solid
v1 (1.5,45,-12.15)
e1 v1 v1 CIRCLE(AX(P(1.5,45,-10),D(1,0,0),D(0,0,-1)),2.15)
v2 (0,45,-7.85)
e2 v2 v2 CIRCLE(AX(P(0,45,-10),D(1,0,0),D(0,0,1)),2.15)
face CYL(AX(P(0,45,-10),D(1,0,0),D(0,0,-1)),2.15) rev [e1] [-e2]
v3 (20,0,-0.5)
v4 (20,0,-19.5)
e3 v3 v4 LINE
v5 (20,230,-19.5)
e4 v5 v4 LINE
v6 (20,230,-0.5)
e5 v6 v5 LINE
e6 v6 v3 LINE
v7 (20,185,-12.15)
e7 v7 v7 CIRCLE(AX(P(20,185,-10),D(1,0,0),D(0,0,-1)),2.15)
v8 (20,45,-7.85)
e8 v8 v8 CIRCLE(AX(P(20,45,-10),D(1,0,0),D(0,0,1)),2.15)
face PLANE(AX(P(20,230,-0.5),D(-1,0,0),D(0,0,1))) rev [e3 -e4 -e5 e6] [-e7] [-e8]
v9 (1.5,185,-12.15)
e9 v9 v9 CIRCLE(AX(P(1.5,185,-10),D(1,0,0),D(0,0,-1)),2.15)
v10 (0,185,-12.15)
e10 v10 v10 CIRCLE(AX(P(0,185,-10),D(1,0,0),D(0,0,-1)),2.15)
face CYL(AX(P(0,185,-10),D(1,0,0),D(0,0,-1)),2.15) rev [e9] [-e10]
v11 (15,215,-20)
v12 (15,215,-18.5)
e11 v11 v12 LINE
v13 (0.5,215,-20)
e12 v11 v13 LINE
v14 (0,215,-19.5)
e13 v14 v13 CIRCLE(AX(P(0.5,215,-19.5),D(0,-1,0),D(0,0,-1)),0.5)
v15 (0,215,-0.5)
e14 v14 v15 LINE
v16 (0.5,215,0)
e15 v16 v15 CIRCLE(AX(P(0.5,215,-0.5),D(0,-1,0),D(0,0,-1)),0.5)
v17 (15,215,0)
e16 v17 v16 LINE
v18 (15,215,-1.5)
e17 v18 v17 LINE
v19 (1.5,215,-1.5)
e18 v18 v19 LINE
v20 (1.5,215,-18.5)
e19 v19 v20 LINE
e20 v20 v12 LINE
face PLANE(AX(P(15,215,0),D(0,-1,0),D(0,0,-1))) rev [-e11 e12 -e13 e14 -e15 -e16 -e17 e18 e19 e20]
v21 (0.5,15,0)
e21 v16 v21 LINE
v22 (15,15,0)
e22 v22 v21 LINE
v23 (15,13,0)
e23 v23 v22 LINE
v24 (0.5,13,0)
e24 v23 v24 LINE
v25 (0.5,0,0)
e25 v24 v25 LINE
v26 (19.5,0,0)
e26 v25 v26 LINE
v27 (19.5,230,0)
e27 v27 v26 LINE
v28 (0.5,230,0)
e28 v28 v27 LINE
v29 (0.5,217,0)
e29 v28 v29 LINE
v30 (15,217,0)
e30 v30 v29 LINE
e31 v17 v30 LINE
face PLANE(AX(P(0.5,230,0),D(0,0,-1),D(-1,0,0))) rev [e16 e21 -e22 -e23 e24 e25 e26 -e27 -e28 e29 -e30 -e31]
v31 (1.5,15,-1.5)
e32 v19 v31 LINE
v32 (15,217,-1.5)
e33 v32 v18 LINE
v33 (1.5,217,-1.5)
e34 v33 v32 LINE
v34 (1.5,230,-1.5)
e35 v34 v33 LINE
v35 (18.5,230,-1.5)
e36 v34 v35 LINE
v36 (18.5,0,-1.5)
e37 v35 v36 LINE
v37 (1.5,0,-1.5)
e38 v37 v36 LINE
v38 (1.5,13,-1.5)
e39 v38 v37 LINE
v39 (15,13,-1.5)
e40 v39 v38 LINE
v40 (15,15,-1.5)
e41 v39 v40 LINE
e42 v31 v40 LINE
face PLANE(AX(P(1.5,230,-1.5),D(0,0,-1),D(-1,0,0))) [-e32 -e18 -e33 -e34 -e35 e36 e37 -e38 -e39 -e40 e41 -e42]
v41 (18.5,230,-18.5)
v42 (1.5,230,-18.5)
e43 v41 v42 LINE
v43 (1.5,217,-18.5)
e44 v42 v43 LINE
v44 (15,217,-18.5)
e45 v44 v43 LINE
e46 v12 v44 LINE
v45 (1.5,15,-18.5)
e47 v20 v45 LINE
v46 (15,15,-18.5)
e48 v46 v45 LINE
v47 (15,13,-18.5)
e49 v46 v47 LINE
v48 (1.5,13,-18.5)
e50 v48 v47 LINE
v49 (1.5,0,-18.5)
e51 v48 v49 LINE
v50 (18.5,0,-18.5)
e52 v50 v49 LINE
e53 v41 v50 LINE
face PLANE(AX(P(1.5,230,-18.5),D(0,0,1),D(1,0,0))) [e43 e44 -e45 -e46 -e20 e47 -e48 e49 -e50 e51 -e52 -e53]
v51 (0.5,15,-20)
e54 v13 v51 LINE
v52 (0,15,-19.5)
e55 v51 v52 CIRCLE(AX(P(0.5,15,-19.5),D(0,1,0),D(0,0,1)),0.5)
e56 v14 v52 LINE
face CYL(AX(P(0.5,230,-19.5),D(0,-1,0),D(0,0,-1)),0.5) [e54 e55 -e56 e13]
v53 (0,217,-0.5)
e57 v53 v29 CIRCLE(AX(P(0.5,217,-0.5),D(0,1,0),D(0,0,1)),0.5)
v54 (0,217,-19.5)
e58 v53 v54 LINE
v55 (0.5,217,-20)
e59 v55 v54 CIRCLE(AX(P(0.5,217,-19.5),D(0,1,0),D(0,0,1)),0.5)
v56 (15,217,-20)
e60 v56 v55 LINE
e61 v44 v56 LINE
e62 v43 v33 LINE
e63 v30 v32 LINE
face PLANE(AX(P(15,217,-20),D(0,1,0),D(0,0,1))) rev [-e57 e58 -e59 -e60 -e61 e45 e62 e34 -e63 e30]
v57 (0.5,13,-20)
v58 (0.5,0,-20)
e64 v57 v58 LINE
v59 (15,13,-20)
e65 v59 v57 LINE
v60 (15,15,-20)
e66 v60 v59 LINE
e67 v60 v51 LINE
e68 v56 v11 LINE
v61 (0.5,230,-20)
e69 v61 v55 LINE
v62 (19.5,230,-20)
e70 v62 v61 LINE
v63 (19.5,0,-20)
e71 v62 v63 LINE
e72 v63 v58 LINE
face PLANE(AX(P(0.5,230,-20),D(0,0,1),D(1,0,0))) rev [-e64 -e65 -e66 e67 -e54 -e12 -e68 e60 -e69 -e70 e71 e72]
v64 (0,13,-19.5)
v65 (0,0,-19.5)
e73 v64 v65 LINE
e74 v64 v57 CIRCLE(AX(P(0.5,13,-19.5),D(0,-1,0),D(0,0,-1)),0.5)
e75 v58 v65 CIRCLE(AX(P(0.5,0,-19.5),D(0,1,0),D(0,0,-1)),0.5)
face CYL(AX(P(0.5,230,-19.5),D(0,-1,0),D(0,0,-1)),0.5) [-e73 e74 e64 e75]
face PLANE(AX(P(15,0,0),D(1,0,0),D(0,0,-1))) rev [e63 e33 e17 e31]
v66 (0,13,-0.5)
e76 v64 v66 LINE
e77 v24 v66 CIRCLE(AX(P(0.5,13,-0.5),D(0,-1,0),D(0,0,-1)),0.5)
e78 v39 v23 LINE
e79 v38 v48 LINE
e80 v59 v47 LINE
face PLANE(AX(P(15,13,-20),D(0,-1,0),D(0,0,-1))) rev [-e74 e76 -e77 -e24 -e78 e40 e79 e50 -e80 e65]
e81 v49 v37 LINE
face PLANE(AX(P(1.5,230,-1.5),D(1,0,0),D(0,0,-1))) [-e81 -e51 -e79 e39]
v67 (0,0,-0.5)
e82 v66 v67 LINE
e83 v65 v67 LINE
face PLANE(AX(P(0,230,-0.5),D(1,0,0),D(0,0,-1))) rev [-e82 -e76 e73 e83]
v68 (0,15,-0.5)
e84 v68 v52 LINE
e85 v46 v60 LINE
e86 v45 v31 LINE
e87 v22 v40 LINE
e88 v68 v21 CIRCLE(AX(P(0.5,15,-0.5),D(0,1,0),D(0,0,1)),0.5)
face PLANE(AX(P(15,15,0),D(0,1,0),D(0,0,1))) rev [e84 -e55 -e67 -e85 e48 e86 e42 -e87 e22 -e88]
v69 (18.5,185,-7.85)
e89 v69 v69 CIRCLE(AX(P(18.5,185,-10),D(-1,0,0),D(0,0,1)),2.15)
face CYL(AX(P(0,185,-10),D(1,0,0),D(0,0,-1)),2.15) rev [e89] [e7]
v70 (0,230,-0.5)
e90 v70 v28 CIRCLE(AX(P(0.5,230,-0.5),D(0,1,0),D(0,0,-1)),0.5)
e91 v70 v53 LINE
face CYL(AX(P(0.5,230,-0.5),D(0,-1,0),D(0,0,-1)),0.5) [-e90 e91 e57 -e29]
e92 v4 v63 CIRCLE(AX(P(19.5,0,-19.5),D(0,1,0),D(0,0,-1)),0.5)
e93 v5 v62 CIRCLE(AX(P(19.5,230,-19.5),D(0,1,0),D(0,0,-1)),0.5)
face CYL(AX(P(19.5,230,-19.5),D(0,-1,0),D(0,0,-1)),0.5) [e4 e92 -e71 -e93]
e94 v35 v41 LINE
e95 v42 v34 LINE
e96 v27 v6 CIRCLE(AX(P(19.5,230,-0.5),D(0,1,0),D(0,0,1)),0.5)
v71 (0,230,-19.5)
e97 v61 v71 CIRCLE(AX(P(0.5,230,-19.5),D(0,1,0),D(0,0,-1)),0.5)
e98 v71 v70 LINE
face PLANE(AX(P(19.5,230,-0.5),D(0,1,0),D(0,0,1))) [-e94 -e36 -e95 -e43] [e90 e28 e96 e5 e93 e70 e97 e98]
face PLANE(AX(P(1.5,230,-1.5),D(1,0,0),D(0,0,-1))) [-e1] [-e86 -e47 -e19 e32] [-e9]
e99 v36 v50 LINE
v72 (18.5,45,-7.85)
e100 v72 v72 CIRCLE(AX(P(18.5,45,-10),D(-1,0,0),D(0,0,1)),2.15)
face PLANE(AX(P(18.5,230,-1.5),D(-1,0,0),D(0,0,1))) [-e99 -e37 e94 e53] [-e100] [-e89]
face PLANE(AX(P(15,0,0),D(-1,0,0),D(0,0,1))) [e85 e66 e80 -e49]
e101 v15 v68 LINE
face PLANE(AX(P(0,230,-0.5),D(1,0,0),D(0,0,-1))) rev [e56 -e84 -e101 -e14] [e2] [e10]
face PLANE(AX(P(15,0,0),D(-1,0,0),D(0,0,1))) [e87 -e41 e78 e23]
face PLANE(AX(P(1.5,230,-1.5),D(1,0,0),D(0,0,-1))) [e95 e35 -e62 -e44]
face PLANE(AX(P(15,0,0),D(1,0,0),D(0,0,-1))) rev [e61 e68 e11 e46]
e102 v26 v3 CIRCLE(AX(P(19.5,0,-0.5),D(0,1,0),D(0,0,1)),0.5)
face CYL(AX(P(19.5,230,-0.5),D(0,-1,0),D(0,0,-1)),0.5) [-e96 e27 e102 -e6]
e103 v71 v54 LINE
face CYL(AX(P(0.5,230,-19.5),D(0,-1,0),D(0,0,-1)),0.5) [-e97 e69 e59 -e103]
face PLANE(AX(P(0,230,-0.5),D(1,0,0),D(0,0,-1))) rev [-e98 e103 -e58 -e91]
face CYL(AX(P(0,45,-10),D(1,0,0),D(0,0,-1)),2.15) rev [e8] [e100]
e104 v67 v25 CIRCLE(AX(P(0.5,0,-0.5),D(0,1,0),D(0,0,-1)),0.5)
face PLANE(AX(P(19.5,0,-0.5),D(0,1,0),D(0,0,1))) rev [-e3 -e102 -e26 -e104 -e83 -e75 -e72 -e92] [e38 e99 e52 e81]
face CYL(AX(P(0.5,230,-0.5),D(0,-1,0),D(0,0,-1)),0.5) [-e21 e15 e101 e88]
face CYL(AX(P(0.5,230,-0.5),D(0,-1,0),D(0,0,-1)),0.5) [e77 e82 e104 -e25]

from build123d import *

# Parameters (mm, degrees)
SKETCH1_W           = 17
SKETCH1_H           = 17
BOSS_EXTRUDE1_DEPTH = 230
SKETCH2_W           = 20
SKETCH2_H           = 2
CUT_EXTRUDE1_DEPTH  = 15
SKETCH3_R           = 2.15
CUT_EXTRUDE2_DEPTH  = 232.732604525


with BuildPart() as part:
    # Sketch1 → Boss-Extrude1 (new body)
    with BuildSketch(Plane(origin=(0, 0, 0), x_dir=(1, 0, 0), z_dir=(0, 1, 0))):
        with BuildLine():
            Line((0.5, 0), (19.5, 0))
            ThreePointArc((19.5, 0), (19.853553391, 0.146446609), (20, 0.5))
            Line((20, 0.5), (20, 19.5))
            ThreePointArc((20, 19.5), (19.853553391, 19.853553391), (19.5, 20))
            Line((19.5, 20), (0.5, 20))
            ThreePointArc((0.5, 20), (0.146446609, 19.853553391), (0, 19.5))
            Line((0, 19.5), (0, 0.5))
            ThreePointArc((0, 0.5), (0.146446609, 0.146446609), (0.5, 0))
        make_face()
        with Locations((10, 10)):
            Rectangle(SKETCH1_W, SKETCH1_H, mode=Mode.SUBTRACT)
    extrude(amount=BOSS_EXTRUDE1_DEPTH)

    # Sketch2 → Cut-Extrude1 (cut)
    with BuildSketch(Plane.ZY):
        with Locations((-10, 14)):
            Rectangle(SKETCH2_W, SKETCH2_H)
        with Locations((-10, 216)):
            Rectangle(SKETCH2_W, SKETCH2_H)
    extrude(amount=-CUT_EXTRUDE1_DEPTH, mode=Mode.SUBTRACT)

    # Sketch3 → Cut-Extrude2 (cut, through all)
    with BuildSketch(Plane(origin=(20, 0, 0), x_dir=(0, 0, -1), z_dir=(1, 0, 0))):
        with Locations((10, 185)):
            Circle(SKETCH3_R)
        with Locations(Location((10, 45, 0), (0, 0, 180))):
            Circle(SKETCH3_R)
    extrude(amount=-CUT_EXTRUDE2_DEPTH, mode=Mode.SUBTRACT)


solid = part.part
